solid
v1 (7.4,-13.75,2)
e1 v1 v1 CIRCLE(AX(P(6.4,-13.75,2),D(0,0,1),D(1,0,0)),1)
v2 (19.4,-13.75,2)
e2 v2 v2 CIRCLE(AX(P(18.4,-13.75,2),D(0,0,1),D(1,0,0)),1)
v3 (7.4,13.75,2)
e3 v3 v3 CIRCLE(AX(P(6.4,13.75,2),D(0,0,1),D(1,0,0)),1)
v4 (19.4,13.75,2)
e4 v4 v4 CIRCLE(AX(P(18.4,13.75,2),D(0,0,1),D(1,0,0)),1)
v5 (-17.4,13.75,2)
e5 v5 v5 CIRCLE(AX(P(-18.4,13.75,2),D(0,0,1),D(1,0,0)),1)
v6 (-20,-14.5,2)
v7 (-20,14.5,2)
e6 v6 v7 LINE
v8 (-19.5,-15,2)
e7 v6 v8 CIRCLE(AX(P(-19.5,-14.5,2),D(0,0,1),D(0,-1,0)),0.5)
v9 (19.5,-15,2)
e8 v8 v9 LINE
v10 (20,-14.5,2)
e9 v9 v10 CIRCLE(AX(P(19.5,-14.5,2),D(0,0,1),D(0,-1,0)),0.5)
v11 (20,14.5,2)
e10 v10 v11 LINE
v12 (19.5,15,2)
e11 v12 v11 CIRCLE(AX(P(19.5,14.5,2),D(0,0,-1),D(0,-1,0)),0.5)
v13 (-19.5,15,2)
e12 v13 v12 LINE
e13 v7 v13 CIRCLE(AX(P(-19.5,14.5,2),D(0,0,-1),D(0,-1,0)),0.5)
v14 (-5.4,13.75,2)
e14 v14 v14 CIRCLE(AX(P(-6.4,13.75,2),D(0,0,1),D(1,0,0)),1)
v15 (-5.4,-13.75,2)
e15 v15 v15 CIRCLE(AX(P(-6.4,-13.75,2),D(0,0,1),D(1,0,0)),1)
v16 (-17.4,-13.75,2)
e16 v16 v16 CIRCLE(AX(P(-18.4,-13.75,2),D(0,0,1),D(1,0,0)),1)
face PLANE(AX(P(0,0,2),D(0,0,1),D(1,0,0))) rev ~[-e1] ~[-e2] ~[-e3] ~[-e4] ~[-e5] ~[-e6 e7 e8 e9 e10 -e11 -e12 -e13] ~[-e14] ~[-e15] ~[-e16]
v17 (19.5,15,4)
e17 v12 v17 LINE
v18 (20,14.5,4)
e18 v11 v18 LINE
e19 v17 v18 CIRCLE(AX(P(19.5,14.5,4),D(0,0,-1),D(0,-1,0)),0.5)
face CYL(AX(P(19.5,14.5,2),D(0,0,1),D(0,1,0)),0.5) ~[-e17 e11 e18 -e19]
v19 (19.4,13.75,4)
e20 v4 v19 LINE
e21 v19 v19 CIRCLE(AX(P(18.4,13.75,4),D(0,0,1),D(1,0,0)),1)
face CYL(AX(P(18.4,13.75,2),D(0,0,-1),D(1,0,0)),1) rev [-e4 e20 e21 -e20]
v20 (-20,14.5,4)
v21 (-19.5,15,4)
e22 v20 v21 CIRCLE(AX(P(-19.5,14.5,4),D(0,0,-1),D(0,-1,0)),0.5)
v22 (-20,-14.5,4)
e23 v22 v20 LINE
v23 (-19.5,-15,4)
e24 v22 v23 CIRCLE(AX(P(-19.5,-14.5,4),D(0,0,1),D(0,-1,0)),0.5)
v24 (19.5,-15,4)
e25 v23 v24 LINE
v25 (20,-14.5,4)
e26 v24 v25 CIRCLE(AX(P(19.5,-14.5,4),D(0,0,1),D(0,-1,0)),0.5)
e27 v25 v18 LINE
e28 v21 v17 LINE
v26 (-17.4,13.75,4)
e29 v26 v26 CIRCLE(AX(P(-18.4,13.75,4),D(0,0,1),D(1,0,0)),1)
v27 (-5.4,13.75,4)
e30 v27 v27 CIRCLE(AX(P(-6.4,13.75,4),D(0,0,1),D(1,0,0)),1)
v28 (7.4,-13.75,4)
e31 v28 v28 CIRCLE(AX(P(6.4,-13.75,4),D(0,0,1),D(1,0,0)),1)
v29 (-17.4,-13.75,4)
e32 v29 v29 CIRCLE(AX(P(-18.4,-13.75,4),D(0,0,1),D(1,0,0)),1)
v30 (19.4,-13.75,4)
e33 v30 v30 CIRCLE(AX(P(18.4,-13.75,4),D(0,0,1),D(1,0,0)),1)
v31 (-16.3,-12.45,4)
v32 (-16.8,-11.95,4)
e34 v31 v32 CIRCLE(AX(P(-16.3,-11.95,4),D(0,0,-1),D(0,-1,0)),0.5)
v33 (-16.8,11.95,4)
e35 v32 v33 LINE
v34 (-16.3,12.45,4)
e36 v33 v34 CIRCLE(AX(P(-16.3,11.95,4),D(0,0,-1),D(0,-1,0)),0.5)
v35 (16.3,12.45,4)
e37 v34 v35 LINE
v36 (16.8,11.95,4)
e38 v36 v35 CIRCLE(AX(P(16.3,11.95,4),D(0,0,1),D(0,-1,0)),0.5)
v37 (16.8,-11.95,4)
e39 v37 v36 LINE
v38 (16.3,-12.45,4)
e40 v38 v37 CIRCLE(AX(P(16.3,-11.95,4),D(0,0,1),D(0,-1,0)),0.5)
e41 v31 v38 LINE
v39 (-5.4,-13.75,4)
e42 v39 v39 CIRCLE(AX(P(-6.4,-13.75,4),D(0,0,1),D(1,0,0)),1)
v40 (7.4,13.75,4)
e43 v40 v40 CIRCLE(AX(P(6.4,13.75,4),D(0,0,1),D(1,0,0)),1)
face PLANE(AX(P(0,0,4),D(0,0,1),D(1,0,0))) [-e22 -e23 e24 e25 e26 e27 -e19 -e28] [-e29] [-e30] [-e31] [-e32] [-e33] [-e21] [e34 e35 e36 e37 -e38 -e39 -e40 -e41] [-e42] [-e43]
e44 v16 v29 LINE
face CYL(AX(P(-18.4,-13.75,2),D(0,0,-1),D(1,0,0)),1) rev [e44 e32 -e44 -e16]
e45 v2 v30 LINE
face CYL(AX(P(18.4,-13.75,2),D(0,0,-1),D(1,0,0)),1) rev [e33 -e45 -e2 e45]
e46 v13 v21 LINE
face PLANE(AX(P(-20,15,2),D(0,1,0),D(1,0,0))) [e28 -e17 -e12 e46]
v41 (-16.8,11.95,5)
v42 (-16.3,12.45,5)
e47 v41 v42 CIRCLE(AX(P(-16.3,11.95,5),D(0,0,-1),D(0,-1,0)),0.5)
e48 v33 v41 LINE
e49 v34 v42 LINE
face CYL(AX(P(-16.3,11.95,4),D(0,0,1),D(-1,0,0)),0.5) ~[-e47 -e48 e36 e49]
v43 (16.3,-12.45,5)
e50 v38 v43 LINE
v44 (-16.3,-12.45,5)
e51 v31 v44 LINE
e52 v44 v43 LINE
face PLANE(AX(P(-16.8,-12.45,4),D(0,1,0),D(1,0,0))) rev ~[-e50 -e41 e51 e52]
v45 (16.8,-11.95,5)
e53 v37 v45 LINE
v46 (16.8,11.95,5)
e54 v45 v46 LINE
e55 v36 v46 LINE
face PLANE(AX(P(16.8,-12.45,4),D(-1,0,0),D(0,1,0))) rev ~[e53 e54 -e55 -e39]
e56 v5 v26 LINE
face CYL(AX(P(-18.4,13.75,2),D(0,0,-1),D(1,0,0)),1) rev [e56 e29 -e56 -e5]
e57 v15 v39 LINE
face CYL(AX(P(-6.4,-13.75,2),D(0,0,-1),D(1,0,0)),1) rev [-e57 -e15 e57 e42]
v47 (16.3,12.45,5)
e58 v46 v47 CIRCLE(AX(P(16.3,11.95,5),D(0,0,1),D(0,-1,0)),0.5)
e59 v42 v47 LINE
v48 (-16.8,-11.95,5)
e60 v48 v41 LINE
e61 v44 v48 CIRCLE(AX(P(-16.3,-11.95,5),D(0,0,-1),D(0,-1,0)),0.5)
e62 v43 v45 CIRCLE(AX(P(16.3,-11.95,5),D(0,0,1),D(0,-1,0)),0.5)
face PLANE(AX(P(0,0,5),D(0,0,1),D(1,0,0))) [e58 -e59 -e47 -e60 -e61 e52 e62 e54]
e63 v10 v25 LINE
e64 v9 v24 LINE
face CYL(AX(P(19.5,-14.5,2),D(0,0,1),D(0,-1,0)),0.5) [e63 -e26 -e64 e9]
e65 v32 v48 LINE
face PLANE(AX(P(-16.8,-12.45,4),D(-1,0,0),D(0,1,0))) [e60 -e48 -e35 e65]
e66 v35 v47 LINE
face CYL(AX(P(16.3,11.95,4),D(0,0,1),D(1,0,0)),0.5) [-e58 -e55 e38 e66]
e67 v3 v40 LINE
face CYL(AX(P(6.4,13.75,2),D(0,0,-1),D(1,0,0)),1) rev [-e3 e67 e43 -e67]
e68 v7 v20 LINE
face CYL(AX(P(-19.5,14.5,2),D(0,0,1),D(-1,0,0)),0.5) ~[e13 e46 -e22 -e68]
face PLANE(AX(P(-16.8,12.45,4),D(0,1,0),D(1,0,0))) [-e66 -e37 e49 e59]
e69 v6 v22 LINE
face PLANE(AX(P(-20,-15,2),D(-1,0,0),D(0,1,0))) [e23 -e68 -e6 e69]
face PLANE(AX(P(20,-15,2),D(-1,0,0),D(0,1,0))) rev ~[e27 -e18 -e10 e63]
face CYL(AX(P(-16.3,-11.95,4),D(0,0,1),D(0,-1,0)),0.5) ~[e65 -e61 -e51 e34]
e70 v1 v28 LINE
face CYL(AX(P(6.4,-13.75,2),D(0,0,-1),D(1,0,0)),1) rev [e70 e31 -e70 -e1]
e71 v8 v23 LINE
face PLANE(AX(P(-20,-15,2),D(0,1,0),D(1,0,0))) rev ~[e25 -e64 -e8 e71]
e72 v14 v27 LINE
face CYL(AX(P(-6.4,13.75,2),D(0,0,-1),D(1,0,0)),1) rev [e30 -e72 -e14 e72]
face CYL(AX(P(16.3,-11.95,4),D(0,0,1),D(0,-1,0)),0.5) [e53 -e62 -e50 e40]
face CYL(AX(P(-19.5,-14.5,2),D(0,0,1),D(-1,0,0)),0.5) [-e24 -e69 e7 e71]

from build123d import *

# Parameters (mm, degrees)
SKETCH_W     = 40
SKETCH_H     = 30
PAD_DEPTH    = 2
SKETCH001_W  = 33.6
SKETCH001_H  = 24.9
PAD001_DEPTH = 1
SKETCH002_R  = 1
POCKET_DEPTH = 2
FILLET_R     = 0.5


with BuildPart() as part:
    # Sketch → Pad (new body)
    with BuildSketch(Plane.XY.offset(2)):
        Rectangle(SKETCH_W, SKETCH_H)
    extrude(amount=PAD_DEPTH)

    # Sketch001 (on Face6 of Pad) → Pad001 (join)
    with BuildSketch(Plane.XY.offset(4)):
        Rectangle(SKETCH001_W, SKETCH001_H)
    extrude(amount=PAD001_DEPTH)

    # Sketch002 → Pocket (cut)
    with BuildSketch(Plane.XY.offset(2)):
        with Locations((-18.4, 13.75)):
            Circle(SKETCH002_R)
        with Locations((-6.4, 13.75)):
            Circle(SKETCH002_R)
        with Locations((6.4, 13.75)):
            Circle(SKETCH002_R)
        with Locations((18.4, 13.75)):
            Circle(SKETCH002_R)
        with Locations((18.4, -13.75)):
            Circle(SKETCH002_R)
        with Locations((6.4, -13.75)):
            Circle(SKETCH002_R)
        with Locations((-6.4, -13.75)):
            Circle(SKETCH002_R)
        with Locations((-18.4, -13.75)):
            Circle(SKETCH002_R)
    extrude(amount=POCKET_DEPTH, mode=Mode.SUBTRACT)

    # Fillet
    fillet_edges = [part.edges().sort_by_distance(p)[0] for p in [
        (20, 15, 3),
        (16.8, 12.45, 4.5),
        (20, -15, 3),
        (16.8, -12.45, 4.5),
        (-20, -15, 3),
        (-16.8, -12.45, 4.5),
        (-20, 15, 3),
        (-16.8, 12.45, 4.5),
    ]]
    fillet(fillet_edges, radius=FILLET_R)


solid = part.part
